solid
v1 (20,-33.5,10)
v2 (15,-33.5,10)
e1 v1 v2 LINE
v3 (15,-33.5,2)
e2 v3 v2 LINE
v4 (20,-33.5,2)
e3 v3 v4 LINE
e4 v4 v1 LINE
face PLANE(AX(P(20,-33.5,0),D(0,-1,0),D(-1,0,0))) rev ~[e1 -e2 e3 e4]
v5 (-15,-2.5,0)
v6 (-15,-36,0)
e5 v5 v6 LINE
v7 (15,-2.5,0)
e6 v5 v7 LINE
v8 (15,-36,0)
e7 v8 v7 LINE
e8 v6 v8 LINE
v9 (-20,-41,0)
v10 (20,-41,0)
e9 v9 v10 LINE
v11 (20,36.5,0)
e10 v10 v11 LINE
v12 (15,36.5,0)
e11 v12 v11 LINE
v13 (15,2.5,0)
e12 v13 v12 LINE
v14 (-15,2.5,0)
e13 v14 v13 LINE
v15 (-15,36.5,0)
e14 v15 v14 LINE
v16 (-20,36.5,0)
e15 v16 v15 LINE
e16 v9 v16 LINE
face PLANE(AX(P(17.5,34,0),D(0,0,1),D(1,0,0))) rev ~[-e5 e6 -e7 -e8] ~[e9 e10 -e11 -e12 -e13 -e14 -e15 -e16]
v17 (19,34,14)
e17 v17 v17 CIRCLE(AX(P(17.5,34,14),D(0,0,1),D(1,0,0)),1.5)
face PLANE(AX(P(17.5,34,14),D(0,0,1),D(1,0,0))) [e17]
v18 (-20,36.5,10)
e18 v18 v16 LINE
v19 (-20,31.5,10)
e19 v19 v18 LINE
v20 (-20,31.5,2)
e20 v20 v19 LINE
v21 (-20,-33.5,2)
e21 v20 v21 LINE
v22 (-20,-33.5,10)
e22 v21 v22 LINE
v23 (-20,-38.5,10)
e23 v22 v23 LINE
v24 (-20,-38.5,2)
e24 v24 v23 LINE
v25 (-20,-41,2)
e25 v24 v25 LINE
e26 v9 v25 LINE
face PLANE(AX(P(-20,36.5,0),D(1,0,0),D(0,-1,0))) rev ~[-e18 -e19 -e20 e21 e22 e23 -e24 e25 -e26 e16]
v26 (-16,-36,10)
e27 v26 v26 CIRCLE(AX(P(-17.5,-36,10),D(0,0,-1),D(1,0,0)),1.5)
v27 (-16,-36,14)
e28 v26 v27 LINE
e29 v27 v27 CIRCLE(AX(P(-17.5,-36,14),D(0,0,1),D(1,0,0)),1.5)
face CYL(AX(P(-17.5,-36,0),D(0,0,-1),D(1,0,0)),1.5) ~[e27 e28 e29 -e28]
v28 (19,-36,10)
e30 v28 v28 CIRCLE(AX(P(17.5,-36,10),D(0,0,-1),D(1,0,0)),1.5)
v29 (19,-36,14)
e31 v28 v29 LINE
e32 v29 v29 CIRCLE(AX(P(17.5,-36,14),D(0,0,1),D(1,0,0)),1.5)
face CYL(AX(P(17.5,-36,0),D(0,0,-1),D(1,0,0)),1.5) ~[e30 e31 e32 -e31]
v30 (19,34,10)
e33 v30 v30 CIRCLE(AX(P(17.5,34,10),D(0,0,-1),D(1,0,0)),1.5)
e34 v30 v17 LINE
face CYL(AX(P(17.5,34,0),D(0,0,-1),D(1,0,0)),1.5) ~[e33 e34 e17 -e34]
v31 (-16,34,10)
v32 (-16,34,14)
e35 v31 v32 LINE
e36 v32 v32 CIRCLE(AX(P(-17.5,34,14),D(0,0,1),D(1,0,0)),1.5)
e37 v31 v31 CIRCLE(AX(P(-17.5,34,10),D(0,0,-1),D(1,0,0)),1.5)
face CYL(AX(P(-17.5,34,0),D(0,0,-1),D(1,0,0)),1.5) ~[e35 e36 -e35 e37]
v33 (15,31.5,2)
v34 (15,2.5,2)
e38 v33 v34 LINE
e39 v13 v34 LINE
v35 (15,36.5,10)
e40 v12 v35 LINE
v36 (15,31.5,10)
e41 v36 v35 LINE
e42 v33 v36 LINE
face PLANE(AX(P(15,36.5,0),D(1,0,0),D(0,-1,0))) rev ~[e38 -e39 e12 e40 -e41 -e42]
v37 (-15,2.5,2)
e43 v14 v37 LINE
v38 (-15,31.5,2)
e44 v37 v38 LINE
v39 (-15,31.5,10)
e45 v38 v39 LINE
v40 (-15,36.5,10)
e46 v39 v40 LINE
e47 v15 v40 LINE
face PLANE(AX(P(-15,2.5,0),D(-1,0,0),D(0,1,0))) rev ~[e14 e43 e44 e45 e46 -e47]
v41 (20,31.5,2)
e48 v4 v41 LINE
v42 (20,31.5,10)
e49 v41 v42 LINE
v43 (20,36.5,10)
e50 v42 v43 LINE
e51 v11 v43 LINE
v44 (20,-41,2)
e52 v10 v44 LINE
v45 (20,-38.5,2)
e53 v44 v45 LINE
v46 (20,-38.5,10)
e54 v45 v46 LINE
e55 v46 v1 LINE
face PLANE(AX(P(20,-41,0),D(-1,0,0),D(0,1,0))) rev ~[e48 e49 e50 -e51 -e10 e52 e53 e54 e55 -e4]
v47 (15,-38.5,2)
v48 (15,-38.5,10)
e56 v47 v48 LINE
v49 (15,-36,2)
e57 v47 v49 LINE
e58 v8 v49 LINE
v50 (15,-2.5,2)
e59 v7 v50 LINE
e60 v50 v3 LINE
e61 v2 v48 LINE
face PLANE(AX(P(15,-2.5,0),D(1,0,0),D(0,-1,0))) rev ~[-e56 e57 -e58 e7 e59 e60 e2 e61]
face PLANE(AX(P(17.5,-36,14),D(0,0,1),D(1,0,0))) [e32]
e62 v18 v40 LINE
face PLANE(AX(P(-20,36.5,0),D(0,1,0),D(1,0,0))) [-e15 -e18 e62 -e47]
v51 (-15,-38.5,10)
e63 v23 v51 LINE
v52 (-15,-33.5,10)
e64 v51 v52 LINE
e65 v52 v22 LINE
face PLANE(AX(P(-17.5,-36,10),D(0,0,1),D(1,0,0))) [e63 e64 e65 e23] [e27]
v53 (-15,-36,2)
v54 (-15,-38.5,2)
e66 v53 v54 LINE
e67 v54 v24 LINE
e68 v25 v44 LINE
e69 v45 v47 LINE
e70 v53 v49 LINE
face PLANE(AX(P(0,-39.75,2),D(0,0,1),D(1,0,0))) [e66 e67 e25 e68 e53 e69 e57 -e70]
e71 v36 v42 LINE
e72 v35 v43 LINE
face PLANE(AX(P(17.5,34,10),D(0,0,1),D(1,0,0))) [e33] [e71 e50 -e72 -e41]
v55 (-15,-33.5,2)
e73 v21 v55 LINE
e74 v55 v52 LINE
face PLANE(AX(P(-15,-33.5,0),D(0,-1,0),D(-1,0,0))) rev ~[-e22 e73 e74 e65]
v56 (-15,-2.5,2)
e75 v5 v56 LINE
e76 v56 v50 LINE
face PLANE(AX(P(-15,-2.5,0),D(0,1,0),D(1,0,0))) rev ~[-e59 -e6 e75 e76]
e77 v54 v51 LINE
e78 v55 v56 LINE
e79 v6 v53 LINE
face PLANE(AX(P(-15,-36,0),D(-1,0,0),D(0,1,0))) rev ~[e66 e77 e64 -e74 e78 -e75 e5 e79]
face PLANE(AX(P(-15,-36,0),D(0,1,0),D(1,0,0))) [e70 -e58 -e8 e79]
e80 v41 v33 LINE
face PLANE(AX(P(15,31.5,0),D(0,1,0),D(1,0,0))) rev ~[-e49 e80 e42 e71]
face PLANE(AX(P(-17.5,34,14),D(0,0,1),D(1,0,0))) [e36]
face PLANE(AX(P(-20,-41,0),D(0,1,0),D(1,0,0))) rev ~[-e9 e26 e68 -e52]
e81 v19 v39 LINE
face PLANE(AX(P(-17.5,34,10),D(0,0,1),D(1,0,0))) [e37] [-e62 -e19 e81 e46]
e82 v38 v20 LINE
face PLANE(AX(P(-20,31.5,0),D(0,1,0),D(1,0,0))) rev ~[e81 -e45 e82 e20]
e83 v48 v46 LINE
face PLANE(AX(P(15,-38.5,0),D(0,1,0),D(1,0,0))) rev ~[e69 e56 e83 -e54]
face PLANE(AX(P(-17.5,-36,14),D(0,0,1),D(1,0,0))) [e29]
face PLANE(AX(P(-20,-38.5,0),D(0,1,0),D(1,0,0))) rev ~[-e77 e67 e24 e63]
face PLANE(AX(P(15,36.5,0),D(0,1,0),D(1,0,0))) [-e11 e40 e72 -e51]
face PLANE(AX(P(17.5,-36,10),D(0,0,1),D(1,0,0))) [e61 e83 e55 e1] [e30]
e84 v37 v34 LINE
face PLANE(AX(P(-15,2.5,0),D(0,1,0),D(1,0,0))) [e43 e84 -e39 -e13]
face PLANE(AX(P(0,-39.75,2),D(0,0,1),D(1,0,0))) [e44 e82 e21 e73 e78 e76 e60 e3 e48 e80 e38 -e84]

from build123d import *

# Parameters (mm, degrees)
F0_W     = 5
F0_H     = 29
F0_H_2   = 31
F0_H_3   = 5
F0_R     = 1.5
F0_W_2   = 30
F0_H_4   = 2.5
F1_DEPTH = 2
F2_DEPTH = 10
F3_DEPTH = 14


with BuildPart() as f1:
    # F0 (on Top) → F1 (new body)
    with BuildSketch(Plane.XY):
        Polygon((-20, -41), (20, -41), (20, -38.5), (15, -38.5), (-15, -38.5), (-20, -38.5), align=None)
        with Locations((-17.5, 17)):
            Rectangle(F0_W, F0_H)
        with Locations((-17.5, -18)):
            Rectangle(F0_W, F0_H_2)
        with Locations((-17.5, 0)):
            Rectangle(F0_W, F0_H_3)
        with Locations((17.5, 17)):
            Rectangle(F0_W, F0_H)
        with Locations((17.5, -18)):
            Rectangle(F0_W, F0_H_2)
        with Locations((17.5, 0)):
            Rectangle(F0_W, F0_H_3)
        with Locations((-17.5, 34)):
            Rectangle(F0_W, F0_H_3)
        with Locations((-17.5, 34)):
            Circle(F0_R, mode=Mode.SUBTRACT)
        with Locations((17.5, 34)):
            Rectangle(F0_W, F0_H_3)
        with Locations((17.5, 34)):
            Circle(F0_R, mode=Mode.SUBTRACT)
        Polygon((15, -38.5), (20, -38.5), (20, -33.5), (15, -33.5), (15, -36), align=None)
        with Locations((17.5, -36)):
            Circle(F0_R, mode=Mode.SUBTRACT)
        Polygon((-20, -33.5), (-20, -38.5), (-15, -38.5), (-15, -36), (-15, -33.5), align=None)
        with Locations((-17.5, -36)):
            Circle(F0_R, mode=Mode.SUBTRACT)
        with Locations((-17.5, 34)):
            Circle(F0_R)
        with Locations((17.5, 34)):
            Circle(F0_R)
        Rectangle(F0_W_2, F0_H_3)
        with Locations((-17.5, -36)):
            Circle(F0_R)
        with Locations((17.5, -36)):
            Circle(F0_R)
        with Locations((0, -37.25)):
            Rectangle(F0_W_2, F0_H_4)
    extrude(amount=F1_DEPTH)

    # F0 (on Top) → F2 (join)
    with BuildSketch(Plane.XY):
        with Locations((17.5, 34)):
            Rectangle(F0_W, F0_H_3)
        with Locations((17.5, 34)):
            Circle(F0_R, mode=Mode.SUBTRACT)
        with Locations((17.5, 34)):
            Circle(F0_R)
        with Locations((-17.5, 34)):
            Rectangle(F0_W, F0_H_3)
        with Locations((-17.5, 34)):
            Circle(F0_R, mode=Mode.SUBTRACT)
        with Locations((-17.5, 34)):
            Circle(F0_R)
        Polygon((15, -38.5), (20, -38.5), (20, -33.5), (15, -33.5), (15, -36), align=None)
        with Locations((17.5, -36)):
            Circle(F0_R, mode=Mode.SUBTRACT)
        with Locations((17.5, -36)):
            Circle(F0_R)
        Polygon((-20, -33.5), (-20, -38.5), (-15, -38.5), (-15, -36), (-15, -33.5), align=None)
        with Locations((-17.5, -36)):
            Circle(F0_R, mode=Mode.SUBTRACT)
        with Locations((-17.5, -36)):
            Circle(F0_R)
    extrude(amount=F2_DEPTH)

    # F0 (on Top) → F3 (join)
    with BuildSketch(Plane.XY):
        with Locations((17.5, 34)):
            Circle(F0_R)
        with Locations((-17.5, 34)):
            Circle(F0_R)
        with Locations((17.5, -36)):
            Circle(F0_R)
        with Locations((-17.5, -36)):
            Circle(F0_R)
    extrude(amount=F3_DEPTH)


solid = f1.part
